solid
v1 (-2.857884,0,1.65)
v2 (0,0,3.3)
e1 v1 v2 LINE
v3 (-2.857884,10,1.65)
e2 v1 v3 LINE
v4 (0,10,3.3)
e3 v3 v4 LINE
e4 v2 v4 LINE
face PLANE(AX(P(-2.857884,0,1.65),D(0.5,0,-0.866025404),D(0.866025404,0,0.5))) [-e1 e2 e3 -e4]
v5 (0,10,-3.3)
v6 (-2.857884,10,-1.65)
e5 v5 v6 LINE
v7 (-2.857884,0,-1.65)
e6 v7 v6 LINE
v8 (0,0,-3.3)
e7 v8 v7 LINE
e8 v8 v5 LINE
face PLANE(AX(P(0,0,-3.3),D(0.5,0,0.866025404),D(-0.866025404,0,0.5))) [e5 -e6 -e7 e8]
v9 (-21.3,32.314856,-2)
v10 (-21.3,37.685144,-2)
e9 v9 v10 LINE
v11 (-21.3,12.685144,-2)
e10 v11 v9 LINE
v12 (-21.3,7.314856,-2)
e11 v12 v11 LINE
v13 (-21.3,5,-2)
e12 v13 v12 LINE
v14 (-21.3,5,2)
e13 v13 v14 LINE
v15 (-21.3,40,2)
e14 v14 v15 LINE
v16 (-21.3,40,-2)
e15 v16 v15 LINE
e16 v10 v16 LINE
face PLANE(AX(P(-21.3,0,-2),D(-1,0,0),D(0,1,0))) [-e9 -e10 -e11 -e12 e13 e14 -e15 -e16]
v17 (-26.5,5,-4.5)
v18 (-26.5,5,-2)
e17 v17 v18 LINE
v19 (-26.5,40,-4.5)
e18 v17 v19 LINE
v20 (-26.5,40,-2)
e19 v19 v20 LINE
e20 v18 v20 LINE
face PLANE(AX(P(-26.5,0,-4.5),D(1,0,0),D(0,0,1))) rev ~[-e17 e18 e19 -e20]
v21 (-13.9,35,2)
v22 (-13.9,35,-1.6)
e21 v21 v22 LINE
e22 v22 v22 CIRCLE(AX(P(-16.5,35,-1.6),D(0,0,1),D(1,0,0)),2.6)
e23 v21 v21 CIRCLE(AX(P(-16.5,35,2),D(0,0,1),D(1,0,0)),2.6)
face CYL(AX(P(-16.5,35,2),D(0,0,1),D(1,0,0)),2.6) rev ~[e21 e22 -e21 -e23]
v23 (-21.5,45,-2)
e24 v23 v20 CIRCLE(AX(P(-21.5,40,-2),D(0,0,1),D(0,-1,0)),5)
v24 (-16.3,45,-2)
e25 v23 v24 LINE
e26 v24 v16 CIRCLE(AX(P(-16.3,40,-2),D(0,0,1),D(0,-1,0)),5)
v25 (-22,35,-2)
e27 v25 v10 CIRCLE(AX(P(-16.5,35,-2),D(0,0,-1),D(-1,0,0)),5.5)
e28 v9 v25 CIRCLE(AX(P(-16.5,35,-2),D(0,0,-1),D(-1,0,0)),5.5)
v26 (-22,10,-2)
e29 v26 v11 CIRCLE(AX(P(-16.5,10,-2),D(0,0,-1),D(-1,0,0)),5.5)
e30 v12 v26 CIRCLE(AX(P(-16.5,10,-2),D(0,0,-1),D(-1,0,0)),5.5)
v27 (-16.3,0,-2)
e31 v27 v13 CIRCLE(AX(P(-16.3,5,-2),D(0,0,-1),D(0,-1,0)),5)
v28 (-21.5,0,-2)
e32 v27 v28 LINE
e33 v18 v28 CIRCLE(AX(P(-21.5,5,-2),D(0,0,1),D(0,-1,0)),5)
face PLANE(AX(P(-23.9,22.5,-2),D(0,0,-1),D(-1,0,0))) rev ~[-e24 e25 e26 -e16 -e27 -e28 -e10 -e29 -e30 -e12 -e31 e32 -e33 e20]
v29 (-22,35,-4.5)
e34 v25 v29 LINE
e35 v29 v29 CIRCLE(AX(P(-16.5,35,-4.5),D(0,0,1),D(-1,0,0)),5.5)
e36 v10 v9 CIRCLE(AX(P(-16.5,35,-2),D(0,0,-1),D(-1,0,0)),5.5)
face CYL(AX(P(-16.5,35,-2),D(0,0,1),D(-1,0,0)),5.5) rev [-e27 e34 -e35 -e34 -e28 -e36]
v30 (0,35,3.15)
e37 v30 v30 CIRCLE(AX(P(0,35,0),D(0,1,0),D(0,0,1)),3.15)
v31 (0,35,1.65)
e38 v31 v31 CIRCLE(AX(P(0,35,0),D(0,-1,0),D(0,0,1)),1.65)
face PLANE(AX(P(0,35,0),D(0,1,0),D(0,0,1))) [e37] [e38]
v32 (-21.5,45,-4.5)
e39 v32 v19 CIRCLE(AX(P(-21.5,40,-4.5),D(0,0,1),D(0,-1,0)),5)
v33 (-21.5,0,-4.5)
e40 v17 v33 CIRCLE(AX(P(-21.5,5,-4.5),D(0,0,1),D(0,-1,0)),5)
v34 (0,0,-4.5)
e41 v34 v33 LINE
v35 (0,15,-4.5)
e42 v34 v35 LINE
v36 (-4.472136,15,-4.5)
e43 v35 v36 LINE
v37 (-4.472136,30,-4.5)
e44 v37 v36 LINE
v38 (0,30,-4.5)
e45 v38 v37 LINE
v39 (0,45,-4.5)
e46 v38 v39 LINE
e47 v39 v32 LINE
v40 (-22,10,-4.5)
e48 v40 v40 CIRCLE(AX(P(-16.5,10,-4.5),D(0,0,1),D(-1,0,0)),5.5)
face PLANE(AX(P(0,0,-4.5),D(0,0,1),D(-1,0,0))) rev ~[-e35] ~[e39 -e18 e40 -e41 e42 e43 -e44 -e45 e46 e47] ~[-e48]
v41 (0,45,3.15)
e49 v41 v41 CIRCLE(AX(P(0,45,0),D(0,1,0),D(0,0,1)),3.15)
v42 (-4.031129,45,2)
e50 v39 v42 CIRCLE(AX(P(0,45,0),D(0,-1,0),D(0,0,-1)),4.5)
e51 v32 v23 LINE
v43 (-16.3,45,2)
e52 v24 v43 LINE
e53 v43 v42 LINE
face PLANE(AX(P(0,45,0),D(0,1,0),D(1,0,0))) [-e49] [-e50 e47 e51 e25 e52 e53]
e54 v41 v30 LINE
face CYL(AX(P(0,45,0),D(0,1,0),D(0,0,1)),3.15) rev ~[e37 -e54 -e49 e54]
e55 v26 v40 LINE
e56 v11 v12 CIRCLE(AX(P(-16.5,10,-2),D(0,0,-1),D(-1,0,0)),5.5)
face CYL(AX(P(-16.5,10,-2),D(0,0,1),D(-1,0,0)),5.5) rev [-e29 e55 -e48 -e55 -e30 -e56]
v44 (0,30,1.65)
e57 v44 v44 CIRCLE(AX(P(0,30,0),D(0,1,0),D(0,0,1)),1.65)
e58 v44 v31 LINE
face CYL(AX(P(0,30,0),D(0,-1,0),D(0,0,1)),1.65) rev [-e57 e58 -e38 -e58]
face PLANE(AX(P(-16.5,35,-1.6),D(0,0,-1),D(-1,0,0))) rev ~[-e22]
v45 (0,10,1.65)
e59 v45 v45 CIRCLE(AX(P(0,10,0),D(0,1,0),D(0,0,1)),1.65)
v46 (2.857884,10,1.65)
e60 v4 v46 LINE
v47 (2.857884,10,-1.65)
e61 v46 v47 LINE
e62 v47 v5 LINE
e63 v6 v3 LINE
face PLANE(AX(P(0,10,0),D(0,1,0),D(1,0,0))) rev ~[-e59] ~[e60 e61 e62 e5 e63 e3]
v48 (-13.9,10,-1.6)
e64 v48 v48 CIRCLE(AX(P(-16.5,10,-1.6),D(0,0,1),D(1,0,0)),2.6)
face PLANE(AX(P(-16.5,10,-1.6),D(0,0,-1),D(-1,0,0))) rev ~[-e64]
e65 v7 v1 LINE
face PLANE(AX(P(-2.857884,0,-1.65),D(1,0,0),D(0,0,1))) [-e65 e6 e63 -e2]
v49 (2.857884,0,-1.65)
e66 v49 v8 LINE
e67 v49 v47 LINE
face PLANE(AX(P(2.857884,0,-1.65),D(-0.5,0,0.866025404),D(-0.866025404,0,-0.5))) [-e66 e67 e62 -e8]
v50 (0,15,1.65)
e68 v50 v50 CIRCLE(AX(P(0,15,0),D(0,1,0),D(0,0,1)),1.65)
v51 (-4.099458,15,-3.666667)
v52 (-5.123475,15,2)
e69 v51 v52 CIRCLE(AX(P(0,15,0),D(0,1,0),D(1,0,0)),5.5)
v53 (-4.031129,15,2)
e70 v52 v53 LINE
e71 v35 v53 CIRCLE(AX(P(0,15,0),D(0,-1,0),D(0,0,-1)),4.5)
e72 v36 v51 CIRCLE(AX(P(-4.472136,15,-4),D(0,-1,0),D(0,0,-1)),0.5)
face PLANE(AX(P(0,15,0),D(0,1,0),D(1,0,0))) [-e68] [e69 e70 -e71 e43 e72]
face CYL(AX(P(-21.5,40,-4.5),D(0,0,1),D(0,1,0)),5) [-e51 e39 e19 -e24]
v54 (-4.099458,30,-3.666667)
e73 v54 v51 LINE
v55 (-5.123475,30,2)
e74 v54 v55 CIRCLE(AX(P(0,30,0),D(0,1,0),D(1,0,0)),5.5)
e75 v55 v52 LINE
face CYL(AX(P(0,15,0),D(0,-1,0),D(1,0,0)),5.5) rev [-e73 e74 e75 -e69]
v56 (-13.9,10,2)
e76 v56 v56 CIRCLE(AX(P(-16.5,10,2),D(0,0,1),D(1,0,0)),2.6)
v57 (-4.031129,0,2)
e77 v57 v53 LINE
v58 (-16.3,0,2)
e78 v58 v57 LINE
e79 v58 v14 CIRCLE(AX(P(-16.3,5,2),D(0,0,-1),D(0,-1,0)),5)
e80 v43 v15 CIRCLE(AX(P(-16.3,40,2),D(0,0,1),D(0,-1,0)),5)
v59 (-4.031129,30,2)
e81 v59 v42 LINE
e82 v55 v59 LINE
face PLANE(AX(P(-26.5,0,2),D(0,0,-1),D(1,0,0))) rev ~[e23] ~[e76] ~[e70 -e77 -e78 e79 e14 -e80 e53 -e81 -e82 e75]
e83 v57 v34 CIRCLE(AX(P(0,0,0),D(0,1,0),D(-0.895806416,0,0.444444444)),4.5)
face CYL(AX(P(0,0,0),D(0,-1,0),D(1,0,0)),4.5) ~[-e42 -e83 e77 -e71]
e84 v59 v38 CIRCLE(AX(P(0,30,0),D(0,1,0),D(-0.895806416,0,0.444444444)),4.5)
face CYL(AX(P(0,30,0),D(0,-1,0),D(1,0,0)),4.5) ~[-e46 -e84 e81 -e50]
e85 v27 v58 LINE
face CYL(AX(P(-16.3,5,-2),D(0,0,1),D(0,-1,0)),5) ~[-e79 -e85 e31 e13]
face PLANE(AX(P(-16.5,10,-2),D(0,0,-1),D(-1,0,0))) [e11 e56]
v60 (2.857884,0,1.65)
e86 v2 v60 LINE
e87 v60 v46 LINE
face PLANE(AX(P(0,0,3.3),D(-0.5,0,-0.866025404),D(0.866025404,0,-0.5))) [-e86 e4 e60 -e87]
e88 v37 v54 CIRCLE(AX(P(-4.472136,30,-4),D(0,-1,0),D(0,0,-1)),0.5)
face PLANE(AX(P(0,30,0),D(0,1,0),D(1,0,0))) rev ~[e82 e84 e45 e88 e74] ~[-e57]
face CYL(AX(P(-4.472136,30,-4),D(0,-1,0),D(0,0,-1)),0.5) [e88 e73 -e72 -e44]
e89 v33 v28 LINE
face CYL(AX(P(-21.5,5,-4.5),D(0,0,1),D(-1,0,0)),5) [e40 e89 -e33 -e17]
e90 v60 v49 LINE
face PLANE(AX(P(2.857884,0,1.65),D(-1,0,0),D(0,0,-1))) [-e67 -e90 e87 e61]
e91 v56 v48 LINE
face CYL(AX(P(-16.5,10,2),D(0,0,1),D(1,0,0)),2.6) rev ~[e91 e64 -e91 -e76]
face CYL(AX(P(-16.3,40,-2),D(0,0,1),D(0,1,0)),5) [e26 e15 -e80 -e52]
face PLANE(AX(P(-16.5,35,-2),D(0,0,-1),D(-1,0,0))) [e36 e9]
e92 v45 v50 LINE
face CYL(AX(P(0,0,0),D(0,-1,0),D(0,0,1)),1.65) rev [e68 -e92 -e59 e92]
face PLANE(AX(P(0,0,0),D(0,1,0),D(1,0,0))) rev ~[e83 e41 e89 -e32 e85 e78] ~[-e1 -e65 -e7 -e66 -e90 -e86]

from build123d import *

# Parameters (mm, degrees)
BOSS_EXTRUDE1_DEPTH = 45
BOSS_EXTRUDE2_START = 30
SKETCH1_3_R         = 4.5
SKETCH1_3_R_2       = 1.65
BOSS_EXTRUDE2_DEPTH = 15
SKETCH1_4_R         = 4.5
SKETCH1_4_R_2       = 1.65
BOSS_EXTRUDE3_DEPTH = 15
SKETCH5_R           = 5.5
CUT_EXTRUDE1_DEPTH  = 15
SKETCH6_R           = 2.6
CUT_EXTRUDE2_DEPTH  = 15
FILLET1_R           = 0.5
CUT_EXTRUDE3_START  = -2.5
SKETCH7_R           = 5.5
CUT_EXTRUDE3_DEPTH  = 13
SKETCH1_5_R         = 1.65
CUT_EXTRUDE4_DEPTH  = 10
SKETCH9_R           = 3.15
CUT_EXTRUDE5_DEPTH  = 10
SKETCH8_R           = 3.001117943
SKETCH8_R_2         = 3.734433125
BOSS_EXTRUDE5_DEPTH = 0.4
CUT_EXTRUDE6_START  = -2.5
SKETCH10_W          = 5.2
SKETCH10_H          = 45
CUT_EXTRUDE6_DEPTH  = 10
FILLET2_R           = 5


with BuildPart() as part:
    # Sketch1 → Boss-Extrude1 (new body)
    with BuildSketch(Plane(origin=(0, 0, 0), x_dir=(1, 0, 0), z_dir=(0, 1, 0))):
        with BuildLine():
            Line((-26.5, 4.5), (-26.5, -2))
            Line((-26.5, -2), (-4.031128874, -2))
            ThreePointArc((-4.031128874, -2), (-3.824264635, 2.371708245), (0, 4.5))
            Line((0, 4.5), (-26.5, 4.5))
        make_face()
    extrude(amount=BOSS_EXTRUDE1_DEPTH)

    # Sketch1<3> → Boss-Extrude2 (add)
    with BuildSketch(Plane(origin=(0, 0, 0), x_dir=(1, 0, 0), z_dir=(0, 1, 0)).offset(BOSS_EXTRUDE2_START)):
        Circle(SKETCH1_3_R)
        with Locations(Location((0, 0, 0), (0, 0, 270))):
            Circle(SKETCH1_3_R_2, mode=Mode.SUBTRACT)
    extrude(amount=BOSS_EXTRUDE2_DEPTH)

    # Sketch1<4> → Boss-Extrude3 (add)
    # profile 1 of 2: a face of its own
    with BuildSketch(Plane(origin=(0, 0, 0), x_dir=(1, 0, 0), z_dir=(0, 1, 0))):
        Circle(SKETCH1_4_R)
        Polygon((-2.857883832, -1.65), (0, -3.3), (2.857883832, -1.65), (2.857883832, 1.65), (0, 3.3), (-2.857883832, 1.65), align=None, mode=Mode.SUBTRACT)
    # profile 2 of 2: a face of its own
    with BuildSketch(Plane(origin=(0, 0, 0), x_dir=(1, 0, 0), z_dir=(0, 1, 0))):
        Polygon((-2.857883832, 1.65), (-2.857883832, -1.65), (0, -3.3), (2.857883832, -1.65), (2.857883832, 1.65), (0, 3.3), align=None)
        with Locations(Location((0, 0, 0), (0, 0, 270))):
            Circle(SKETCH1_4_R_2, mode=Mode.SUBTRACT)
    extrude(amount=BOSS_EXTRUDE3_DEPTH)

    # Sketch5 → Cut-Extrude1 (cut)
    with BuildSketch(Plane(origin=(0, 15, 0), x_dir=(1, 0, 0), z_dir=(0, 1, 0))):
        Circle(SKETCH5_R)
    extrude(amount=CUT_EXTRUDE1_DEPTH, mode=Mode.SUBTRACT)

    # Sketch6 → Cut-Extrude2 (cut)
    with BuildSketch(Plane.XY.offset(2)):
        with Locations((-16.5, 35)):
            Circle(SKETCH6_R)
        with Locations((-16.5, 10)):
            Circle(SKETCH6_R)
    extrude(amount=-CUT_EXTRUDE2_DEPTH, mode=Mode.SUBTRACT)

    # Fillet1
    fillet1_edges = [part.edges().sort_by_distance(p)[0] for p in [
        (-3.16227766, 22.5, -4.5),
    ]]
    fillet(fillet1_edges, radius=FILLET1_R)

    # Sketch7 → Cut-Extrude3 (cut)
    with BuildSketch(Plane(origin=(0, 0, -4.5), x_dir=(-1, 0, 0), z_dir=(0, 0, -1)).offset(CUT_EXTRUDE3_START)):
        with Locations((16.5, 35)):
            Circle(SKETCH7_R)
        with Locations((16.5, 10)):
            Circle(SKETCH7_R)
    extrude(amount=CUT_EXTRUDE3_DEPTH, mode=Mode.SUBTRACT)

    # Sketch1<5> → Cut-Extrude4 (cut)
    with BuildSketch(Plane(origin=(0, 0, 0), x_dir=(1, 0, 0), z_dir=(0, 1, 0))):
        Polygon((-2.857883832, 1.65), (-2.857883832, -1.65), (0, -3.3), (2.857883832, -1.65), (2.857883832, 1.65), (0, 3.3), align=None)
        with Locations(Location((0, 0, 0), (0, 0, 270))):
            Circle(SKETCH1_5_R, mode=Mode.SUBTRACT)
    extrude(amount=CUT_EXTRUDE4_DEPTH, mode=Mode.SUBTRACT)

    # Sketch9 → Cut-Extrude5 (cut)
    with BuildSketch(Plane(origin=(0, 45, 0), x_dir=(1, 0, 0), z_dir=(0, 1, 0))):
        with Locations(Location((0, 0, 0), (0, 0, 270))):
            Circle(SKETCH9_R)
    extrude(amount=-CUT_EXTRUDE5_DEPTH, mode=Mode.SUBTRACT)

    # Sketch8 → Boss-Extrude5 (add)
    with BuildSketch(Plane(origin=(0, 0, -2), x_dir=(-1, 0, 0), z_dir=(0, 0, -1))):
        with Locations((16.5, 35)):
            Circle(SKETCH8_R)
        with Locations((16.5, 10)):
            Circle(SKETCH8_R_2)
    extrude(amount=-BOSS_EXTRUDE5_DEPTH)

    # Sketch10 → Cut-Extrude6 (cut)
    with BuildSketch(Plane(origin=(0, 0, -4.5), x_dir=(-1, 0, 0), z_dir=(0, 0, -1)).offset(CUT_EXTRUDE6_START)):
        with Locations((23.9, 22.5)):
            Rectangle(SKETCH10_W, SKETCH10_H)
    extrude(amount=-CUT_EXTRUDE6_DEPTH, mode=Mode.SUBTRACT)

    # Fillet2
    fillet2_edges = [part.edges().sort_by_distance(p)[0] for p in [
        (-26.5, 45, -3.25),
        (-21.3, 45, 0),
        (-26.5, 0, -3.25),
        (-21.3, 0, 0),
    ]]
    fillet(fillet2_edges, radius=FILLET2_R)


solid = part.part
